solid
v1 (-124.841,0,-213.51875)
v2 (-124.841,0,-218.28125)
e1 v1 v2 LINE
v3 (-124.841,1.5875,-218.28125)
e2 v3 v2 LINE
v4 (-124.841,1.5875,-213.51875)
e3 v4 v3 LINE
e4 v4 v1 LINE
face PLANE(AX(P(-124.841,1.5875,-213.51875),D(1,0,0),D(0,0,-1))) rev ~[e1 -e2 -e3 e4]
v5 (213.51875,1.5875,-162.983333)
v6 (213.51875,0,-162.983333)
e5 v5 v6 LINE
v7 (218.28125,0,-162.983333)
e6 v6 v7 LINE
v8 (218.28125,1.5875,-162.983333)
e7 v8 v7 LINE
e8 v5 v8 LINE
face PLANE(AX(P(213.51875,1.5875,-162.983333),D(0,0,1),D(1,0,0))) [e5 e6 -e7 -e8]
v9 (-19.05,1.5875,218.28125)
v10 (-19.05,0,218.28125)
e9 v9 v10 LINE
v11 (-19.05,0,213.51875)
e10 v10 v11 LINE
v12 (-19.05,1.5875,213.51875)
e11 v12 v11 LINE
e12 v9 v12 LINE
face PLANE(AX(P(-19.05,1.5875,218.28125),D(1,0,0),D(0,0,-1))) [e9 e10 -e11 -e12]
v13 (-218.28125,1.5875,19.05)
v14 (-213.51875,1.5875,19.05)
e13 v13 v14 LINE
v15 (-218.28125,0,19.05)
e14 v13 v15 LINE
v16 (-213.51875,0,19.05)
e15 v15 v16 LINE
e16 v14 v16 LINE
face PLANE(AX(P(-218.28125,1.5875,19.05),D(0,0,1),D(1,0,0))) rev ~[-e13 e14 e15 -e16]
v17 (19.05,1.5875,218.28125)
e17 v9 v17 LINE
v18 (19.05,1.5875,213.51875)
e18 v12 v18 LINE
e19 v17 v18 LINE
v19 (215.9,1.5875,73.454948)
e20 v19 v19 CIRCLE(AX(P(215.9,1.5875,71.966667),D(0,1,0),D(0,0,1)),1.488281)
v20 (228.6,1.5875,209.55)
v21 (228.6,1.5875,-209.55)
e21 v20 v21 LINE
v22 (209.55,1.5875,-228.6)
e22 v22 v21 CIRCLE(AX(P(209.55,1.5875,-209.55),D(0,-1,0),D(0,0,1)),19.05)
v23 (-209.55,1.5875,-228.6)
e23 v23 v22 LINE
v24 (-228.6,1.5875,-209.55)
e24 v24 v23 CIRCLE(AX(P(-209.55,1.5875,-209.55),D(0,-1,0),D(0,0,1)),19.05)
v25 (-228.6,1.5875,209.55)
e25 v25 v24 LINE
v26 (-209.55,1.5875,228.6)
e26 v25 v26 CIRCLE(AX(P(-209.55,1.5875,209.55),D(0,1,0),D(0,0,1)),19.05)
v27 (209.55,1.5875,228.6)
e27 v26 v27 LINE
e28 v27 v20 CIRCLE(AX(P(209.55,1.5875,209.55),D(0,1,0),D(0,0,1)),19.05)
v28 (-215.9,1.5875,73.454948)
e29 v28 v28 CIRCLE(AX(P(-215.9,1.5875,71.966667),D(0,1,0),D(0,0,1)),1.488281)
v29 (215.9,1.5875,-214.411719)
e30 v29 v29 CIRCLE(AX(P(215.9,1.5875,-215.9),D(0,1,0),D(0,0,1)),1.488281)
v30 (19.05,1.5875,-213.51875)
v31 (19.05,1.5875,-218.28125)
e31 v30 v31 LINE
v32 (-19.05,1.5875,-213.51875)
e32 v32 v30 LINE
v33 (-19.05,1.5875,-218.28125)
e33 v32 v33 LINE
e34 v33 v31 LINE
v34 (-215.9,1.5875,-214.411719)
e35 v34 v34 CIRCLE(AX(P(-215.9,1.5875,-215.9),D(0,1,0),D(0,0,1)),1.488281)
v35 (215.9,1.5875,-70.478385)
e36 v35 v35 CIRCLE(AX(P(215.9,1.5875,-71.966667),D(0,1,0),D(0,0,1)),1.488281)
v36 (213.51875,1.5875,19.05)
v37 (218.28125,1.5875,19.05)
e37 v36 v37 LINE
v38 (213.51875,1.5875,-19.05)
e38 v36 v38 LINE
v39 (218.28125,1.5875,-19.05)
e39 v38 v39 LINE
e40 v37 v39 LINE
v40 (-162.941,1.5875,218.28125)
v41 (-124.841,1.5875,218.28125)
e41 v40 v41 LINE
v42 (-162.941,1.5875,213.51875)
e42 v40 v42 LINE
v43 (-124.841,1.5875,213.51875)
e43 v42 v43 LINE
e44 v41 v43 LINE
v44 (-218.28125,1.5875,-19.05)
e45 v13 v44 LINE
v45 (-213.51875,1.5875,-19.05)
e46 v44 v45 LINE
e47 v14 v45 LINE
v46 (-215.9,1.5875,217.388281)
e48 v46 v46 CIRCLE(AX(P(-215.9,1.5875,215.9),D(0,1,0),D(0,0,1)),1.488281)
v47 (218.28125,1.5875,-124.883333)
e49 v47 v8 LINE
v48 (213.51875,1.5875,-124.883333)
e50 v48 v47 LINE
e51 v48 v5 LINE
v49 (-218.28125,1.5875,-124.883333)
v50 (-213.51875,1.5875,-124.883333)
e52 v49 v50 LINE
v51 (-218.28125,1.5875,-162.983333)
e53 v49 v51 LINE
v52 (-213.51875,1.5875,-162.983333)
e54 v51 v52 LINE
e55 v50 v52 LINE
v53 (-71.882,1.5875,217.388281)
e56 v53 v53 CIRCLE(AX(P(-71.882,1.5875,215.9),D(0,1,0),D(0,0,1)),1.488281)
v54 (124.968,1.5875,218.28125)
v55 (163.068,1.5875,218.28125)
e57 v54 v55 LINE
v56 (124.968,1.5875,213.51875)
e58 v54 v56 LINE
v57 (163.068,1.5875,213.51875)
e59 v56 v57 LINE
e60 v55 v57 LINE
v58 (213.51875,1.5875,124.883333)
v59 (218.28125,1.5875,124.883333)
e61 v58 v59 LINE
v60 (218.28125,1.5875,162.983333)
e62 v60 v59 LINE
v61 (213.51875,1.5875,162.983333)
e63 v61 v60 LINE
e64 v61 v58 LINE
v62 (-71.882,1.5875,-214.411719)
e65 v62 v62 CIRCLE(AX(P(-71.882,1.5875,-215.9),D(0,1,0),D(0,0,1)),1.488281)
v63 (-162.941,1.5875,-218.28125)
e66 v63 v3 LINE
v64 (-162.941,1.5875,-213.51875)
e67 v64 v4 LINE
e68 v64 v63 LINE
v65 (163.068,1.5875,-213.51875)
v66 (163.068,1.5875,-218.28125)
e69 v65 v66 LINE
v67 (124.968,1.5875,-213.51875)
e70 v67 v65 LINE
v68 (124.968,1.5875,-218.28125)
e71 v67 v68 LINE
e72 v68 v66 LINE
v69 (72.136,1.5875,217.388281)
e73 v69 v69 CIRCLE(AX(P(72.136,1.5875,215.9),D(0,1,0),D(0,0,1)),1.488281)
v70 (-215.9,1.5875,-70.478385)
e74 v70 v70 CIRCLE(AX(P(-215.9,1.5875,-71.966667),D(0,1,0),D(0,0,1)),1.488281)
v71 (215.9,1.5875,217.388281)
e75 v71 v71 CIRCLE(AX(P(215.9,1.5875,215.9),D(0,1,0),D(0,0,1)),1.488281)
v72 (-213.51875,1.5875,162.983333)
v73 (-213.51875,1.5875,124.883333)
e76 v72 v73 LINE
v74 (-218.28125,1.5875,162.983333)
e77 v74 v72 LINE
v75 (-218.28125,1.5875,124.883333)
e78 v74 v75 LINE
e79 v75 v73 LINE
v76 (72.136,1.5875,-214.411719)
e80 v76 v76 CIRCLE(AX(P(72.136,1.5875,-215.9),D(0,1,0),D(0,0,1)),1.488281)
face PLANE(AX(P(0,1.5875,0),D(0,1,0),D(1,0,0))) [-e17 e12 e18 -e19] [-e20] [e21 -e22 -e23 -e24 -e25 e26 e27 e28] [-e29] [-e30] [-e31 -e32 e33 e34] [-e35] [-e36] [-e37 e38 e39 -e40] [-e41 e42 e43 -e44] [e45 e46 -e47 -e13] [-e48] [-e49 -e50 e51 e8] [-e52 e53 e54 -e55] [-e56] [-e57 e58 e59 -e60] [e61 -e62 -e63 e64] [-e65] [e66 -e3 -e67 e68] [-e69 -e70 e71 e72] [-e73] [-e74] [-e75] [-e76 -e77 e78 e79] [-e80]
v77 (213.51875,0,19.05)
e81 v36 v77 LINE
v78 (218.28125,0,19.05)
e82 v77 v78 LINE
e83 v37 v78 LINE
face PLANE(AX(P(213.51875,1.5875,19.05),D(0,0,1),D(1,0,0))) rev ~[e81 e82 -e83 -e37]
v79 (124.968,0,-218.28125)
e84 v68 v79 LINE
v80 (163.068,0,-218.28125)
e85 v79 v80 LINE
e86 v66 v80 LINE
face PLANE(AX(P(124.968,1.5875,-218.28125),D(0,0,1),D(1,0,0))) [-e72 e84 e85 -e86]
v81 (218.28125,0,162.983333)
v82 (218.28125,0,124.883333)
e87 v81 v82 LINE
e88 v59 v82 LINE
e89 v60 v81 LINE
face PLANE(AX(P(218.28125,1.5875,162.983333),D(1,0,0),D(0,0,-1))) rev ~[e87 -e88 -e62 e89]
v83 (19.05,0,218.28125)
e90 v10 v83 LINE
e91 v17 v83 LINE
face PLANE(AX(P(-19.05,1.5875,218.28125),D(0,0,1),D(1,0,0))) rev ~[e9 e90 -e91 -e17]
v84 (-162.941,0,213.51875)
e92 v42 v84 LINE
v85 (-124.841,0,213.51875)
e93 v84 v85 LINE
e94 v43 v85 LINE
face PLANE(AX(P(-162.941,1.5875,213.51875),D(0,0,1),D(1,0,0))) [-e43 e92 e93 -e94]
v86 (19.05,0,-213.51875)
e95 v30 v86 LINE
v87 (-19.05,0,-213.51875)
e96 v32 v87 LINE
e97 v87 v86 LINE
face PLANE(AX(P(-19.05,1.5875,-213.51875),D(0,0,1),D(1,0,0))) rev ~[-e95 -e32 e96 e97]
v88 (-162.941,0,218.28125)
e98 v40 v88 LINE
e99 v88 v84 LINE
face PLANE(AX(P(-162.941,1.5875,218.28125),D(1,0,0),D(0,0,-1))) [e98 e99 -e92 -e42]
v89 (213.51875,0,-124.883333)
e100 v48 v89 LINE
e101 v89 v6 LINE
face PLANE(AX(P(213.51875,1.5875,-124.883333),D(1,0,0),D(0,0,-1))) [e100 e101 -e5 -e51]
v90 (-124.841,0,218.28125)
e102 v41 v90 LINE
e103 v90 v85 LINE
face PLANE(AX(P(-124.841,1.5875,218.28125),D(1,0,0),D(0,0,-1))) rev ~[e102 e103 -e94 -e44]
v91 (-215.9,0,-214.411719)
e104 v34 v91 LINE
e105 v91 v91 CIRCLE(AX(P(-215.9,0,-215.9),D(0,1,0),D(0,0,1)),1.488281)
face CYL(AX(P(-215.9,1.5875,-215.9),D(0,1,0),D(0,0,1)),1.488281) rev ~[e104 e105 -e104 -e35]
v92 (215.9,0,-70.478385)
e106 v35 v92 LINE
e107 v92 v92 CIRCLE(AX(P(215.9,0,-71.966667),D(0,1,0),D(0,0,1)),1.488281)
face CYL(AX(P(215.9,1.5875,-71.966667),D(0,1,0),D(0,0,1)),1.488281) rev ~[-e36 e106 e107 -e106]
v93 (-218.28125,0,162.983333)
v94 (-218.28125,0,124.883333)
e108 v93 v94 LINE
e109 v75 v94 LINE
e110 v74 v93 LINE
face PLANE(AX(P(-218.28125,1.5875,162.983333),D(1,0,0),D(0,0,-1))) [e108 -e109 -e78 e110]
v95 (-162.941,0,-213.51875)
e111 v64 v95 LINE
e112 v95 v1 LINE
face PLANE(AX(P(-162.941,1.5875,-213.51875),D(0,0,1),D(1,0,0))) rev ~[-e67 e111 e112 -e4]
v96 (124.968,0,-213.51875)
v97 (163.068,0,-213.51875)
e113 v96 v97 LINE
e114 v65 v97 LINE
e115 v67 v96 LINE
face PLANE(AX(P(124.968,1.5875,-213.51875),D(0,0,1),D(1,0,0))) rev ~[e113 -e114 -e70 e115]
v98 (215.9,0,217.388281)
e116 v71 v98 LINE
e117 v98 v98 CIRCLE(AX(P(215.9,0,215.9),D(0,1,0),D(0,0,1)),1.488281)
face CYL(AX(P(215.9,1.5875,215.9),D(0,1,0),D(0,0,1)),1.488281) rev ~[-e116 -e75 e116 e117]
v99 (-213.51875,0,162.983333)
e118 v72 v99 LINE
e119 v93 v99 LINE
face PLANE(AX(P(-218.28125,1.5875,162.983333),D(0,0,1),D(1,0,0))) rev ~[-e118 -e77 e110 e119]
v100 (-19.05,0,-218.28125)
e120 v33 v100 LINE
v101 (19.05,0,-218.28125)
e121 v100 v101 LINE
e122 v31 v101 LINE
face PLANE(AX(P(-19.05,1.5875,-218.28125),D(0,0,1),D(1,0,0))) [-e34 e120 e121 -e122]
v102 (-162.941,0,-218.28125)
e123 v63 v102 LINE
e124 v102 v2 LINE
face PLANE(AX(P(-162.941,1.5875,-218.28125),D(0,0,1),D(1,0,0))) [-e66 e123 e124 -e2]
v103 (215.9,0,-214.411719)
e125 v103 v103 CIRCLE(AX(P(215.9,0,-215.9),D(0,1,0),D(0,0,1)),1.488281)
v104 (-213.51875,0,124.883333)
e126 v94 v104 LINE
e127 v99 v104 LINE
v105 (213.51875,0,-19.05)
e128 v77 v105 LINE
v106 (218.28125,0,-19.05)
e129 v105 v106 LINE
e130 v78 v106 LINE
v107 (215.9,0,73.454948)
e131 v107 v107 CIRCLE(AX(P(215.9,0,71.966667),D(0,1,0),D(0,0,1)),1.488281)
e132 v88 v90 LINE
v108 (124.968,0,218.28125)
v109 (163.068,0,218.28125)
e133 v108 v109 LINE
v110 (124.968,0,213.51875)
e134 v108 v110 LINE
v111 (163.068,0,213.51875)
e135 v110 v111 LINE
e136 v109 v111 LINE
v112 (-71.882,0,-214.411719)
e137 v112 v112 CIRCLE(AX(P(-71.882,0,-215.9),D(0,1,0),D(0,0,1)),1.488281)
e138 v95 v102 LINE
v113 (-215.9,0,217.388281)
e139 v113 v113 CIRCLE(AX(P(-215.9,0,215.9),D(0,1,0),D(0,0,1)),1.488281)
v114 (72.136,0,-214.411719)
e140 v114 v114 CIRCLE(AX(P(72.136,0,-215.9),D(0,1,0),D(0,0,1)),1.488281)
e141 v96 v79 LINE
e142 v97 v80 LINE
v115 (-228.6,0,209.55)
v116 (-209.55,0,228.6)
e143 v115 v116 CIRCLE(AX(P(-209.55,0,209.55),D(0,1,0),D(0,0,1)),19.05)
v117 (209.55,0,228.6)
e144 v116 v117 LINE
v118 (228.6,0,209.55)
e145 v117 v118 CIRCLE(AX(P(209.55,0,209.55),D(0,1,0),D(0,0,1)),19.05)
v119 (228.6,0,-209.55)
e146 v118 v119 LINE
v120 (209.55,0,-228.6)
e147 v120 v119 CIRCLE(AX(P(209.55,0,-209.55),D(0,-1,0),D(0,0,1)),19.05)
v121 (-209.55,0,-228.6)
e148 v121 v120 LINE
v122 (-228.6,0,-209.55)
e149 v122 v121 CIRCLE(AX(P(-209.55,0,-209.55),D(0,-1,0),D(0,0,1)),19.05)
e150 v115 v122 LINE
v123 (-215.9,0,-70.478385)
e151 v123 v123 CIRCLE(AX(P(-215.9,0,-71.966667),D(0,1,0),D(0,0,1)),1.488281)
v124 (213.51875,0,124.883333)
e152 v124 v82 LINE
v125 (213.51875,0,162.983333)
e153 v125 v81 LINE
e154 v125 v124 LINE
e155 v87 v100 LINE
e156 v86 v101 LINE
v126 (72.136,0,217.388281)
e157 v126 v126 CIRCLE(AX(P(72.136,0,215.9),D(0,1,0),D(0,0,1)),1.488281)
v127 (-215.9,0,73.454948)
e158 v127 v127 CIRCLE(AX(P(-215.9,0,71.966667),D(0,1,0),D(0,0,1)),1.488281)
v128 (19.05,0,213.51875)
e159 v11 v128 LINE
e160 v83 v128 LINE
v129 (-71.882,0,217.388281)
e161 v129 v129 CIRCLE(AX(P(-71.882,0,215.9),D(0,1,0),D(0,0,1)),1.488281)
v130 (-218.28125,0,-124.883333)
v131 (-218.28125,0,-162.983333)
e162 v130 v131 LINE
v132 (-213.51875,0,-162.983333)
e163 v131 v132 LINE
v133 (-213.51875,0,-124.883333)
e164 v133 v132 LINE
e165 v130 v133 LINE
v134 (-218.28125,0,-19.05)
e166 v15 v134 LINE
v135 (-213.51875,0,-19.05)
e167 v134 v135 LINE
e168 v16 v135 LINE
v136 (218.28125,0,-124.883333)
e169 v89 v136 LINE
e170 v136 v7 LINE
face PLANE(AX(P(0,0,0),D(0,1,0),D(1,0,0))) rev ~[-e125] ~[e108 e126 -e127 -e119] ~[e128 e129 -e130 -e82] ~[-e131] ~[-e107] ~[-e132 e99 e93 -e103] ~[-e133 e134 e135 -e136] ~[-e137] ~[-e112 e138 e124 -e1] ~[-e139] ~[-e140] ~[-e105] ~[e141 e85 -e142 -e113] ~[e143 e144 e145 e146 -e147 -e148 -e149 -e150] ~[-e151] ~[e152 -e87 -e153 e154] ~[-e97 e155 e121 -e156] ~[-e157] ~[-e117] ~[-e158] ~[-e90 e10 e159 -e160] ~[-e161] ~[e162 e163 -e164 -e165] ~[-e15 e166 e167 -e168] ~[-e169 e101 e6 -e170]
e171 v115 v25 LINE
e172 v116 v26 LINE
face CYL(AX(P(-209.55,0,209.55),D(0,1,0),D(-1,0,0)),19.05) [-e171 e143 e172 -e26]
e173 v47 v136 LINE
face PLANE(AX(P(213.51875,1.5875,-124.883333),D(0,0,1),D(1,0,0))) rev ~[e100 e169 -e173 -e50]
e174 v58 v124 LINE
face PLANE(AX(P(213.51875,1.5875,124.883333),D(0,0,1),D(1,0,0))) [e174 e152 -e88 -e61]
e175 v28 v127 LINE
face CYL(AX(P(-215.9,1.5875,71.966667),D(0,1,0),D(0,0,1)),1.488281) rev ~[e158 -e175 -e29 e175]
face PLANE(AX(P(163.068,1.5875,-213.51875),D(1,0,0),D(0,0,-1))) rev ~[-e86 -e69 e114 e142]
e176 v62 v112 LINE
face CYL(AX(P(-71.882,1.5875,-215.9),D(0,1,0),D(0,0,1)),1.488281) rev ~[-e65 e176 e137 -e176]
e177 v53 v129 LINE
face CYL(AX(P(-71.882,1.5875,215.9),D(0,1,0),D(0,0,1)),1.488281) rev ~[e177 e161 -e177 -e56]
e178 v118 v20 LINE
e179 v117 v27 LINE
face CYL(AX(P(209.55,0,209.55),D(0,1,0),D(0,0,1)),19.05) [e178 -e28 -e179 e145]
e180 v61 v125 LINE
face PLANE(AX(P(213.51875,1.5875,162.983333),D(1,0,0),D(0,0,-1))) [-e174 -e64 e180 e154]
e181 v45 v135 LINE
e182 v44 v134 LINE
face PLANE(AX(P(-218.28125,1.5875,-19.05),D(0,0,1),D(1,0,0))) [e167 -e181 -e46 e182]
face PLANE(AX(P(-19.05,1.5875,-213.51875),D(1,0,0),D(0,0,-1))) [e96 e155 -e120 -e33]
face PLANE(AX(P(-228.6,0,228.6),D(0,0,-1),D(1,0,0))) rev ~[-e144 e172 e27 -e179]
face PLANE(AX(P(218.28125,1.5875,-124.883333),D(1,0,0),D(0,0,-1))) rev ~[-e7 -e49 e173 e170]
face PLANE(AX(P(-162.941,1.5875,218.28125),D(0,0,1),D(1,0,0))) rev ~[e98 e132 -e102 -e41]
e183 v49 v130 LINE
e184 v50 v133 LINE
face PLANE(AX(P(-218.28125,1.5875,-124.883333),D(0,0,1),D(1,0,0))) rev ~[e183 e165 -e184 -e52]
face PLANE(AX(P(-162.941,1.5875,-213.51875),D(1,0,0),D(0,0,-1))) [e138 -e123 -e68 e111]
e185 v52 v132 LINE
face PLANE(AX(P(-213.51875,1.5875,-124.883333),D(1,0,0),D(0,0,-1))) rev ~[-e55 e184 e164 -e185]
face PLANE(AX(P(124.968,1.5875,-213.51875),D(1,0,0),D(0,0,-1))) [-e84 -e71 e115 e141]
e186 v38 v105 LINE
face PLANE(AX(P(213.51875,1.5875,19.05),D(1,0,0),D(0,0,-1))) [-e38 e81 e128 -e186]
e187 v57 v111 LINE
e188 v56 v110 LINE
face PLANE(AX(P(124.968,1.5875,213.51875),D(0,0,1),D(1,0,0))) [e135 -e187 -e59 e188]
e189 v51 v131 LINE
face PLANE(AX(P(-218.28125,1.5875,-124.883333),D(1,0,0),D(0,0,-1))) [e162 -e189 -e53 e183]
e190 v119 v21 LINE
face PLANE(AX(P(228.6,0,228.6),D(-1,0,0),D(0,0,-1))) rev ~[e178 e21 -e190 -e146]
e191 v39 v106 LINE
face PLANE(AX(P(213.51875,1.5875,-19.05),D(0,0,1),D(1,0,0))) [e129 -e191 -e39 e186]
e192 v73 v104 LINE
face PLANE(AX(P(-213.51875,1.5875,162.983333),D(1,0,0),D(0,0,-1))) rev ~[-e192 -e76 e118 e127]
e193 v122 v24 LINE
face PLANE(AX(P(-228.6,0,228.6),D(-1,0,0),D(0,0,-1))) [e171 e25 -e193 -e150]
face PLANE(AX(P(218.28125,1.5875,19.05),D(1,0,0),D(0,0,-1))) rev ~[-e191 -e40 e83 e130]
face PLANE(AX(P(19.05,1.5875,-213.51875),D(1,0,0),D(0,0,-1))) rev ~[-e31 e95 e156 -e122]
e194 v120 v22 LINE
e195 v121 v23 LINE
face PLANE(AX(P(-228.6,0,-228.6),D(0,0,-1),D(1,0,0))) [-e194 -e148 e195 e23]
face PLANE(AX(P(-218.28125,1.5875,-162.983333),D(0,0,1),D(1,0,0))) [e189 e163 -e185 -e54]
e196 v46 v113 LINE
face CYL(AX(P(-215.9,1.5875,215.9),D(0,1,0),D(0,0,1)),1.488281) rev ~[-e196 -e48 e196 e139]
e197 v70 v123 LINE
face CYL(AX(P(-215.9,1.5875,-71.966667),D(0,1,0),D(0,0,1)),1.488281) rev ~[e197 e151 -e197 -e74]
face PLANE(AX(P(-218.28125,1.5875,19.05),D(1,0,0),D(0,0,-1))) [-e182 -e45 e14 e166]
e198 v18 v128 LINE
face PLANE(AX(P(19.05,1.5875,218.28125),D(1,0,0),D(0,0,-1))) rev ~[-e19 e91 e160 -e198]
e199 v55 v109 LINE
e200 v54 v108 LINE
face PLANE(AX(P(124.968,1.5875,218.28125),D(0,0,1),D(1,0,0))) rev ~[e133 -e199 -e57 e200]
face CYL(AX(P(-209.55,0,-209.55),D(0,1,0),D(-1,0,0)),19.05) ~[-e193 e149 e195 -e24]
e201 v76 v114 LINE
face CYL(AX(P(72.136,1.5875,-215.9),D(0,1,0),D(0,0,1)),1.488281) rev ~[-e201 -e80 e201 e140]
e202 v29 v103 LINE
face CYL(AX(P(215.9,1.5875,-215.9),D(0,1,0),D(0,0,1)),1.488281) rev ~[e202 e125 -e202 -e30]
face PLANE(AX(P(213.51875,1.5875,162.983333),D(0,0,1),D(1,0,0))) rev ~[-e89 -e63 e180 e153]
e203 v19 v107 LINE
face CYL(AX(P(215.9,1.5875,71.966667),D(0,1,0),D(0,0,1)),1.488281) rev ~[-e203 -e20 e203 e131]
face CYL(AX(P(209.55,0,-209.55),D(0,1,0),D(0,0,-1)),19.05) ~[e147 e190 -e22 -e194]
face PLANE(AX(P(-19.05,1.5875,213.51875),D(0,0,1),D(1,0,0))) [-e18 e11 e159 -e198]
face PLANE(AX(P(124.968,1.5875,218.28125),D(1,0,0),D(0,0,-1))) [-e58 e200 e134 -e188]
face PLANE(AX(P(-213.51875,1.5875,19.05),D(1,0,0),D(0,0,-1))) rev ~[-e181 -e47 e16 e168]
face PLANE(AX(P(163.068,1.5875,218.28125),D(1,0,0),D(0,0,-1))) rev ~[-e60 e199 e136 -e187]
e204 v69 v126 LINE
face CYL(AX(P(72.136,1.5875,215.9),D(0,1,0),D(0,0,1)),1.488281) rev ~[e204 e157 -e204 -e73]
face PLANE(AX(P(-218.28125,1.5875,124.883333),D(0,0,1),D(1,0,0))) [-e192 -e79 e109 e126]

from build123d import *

# Parameters (mm, degrees)
SKETCH1_W           = 457.2
SKETCH1_H           = 457.2
BOSS_EXTRUDE1_DEPTH = 1.5875
SKETCH2_W           = 4.7625
SKETCH2_H           = 38.1
SKETCH2_W_2         = 38.1
SKETCH2_H_2         = 4.7625
CUT_EXTRUDE2_DEPTH  = 1.5875
SKETCH3_R           = 1.48828125
CUT_EXTRUDE3_DEPTH  = 1.5875
FILLET1_R           = 19.05


with BuildPart() as part:
    # Sketch1 → Boss-Extrude1 (new body)
    with BuildSketch(Plane(origin=(0, 0, 0), x_dir=(1, 0, 0), z_dir=(0, 1, 0))):
        Rectangle(SKETCH1_W, SKETCH1_H)
    extrude(amount=BOSS_EXTRUDE1_DEPTH)

    # Sketch2 → Cut-Extrude2 (cut)
    with BuildSketch(Plane(origin=(0, 1.5875, 0), x_dir=(1, 0, 0), z_dir=(0, 1, 0))):
        with Locations((-215.9, -143.933333333)):
            Rectangle(SKETCH2_W, SKETCH2_H)
        with Locations((-215.9, 0)):
            Rectangle(SKETCH2_W, SKETCH2_H)
        with Locations((-215.9, 143.933333333)):
            Rectangle(SKETCH2_W, SKETCH2_H)
        with Locations((215.9, -143.933333333)):
            Rectangle(SKETCH2_W, SKETCH2_H)
        with Locations((215.9, 0)):
            Rectangle(SKETCH2_W, SKETCH2_H)
        with Locations((215.9, 143.933333333)):
            Rectangle(SKETCH2_W, SKETCH2_H)
        with Locations((144.018, 215.9)):
            Rectangle(SKETCH2_W_2, SKETCH2_H_2)
        with Locations((0, 215.9)):
            Rectangle(SKETCH2_W_2, SKETCH2_H_2)
        with Locations((-143.891, 215.9)):
            Rectangle(SKETCH2_W_2, SKETCH2_H_2)
        with Locations((144.018, -215.9)):
            Rectangle(SKETCH2_W_2, SKETCH2_H_2)
        with Locations((-143.891, -215.9)):
            Rectangle(SKETCH2_W_2, SKETCH2_H_2)
        with Locations((0, -215.9)):
            Rectangle(SKETCH2_W_2, SKETCH2_H_2)
    extrude(amount=-CUT_EXTRUDE2_DEPTH, mode=Mode.SUBTRACT)

    # Sketch3 → Cut-Extrude3 (cut)
    with BuildSketch(Plane(origin=(0, 1.5875, 0), x_dir=(1, 0, 0), z_dir=(0, 1, 0))):
        with Locations(Location((-71.882, 215.9, 0), (0, 0, 270))):
            Circle(SKETCH3_R)
        with Locations(Location((72.136, 215.9, 0), (0, 0, 270))):
            Circle(SKETCH3_R)
        with Locations(Location((215.9, 215.9, 0), (0, 0, 270))):
            Circle(SKETCH3_R)
        with Locations(Location((215.9, 71.966666667, 0), (0, 0, 270))):
            Circle(SKETCH3_R)
        with Locations(Location((215.9, -71.966666667, 0), (0, 0, 270))):
            Circle(SKETCH3_R)
        with Locations(Location((215.9, -215.9, 0), (0, 0, 270))):
            Circle(SKETCH3_R)
        with Locations(Location((72.136, -215.9, 0), (0, 0, 270))):
            Circle(SKETCH3_R)
        with Locations(Location((-71.882, -215.9, 0), (0, 0, 270))):
            Circle(SKETCH3_R)
        with Locations(Location((-215.9, -215.9, 0), (0, 0, 270))):
            Circle(SKETCH3_R)
        with Locations(Location((-215.9, -71.966666667, 0), (0, 0, 270))):
            Circle(SKETCH3_R)
        with Locations(Location((-215.9, 71.966666667, 0), (0, 0, 270))):
            Circle(SKETCH3_R)
        with Locations(Location((-215.9, 215.9, 0), (0, 0, 270))):
            Circle(SKETCH3_R)
    extrude(amount=-CUT_EXTRUDE3_DEPTH, mode=Mode.SUBTRACT)

    # Fillet1
    fillet1_edges = [part.edges().sort_by_distance(p)[0] for p in [
        (-228.6, 0.79375, -228.6),
        (228.6, 0.79375, -228.6),
        (228.6, 0.79375, 228.6),
        (-228.6, 0.79375, 228.6),
    ]]
    fillet(fillet1_edges, radius=FILLET1_R)


solid = part.part
